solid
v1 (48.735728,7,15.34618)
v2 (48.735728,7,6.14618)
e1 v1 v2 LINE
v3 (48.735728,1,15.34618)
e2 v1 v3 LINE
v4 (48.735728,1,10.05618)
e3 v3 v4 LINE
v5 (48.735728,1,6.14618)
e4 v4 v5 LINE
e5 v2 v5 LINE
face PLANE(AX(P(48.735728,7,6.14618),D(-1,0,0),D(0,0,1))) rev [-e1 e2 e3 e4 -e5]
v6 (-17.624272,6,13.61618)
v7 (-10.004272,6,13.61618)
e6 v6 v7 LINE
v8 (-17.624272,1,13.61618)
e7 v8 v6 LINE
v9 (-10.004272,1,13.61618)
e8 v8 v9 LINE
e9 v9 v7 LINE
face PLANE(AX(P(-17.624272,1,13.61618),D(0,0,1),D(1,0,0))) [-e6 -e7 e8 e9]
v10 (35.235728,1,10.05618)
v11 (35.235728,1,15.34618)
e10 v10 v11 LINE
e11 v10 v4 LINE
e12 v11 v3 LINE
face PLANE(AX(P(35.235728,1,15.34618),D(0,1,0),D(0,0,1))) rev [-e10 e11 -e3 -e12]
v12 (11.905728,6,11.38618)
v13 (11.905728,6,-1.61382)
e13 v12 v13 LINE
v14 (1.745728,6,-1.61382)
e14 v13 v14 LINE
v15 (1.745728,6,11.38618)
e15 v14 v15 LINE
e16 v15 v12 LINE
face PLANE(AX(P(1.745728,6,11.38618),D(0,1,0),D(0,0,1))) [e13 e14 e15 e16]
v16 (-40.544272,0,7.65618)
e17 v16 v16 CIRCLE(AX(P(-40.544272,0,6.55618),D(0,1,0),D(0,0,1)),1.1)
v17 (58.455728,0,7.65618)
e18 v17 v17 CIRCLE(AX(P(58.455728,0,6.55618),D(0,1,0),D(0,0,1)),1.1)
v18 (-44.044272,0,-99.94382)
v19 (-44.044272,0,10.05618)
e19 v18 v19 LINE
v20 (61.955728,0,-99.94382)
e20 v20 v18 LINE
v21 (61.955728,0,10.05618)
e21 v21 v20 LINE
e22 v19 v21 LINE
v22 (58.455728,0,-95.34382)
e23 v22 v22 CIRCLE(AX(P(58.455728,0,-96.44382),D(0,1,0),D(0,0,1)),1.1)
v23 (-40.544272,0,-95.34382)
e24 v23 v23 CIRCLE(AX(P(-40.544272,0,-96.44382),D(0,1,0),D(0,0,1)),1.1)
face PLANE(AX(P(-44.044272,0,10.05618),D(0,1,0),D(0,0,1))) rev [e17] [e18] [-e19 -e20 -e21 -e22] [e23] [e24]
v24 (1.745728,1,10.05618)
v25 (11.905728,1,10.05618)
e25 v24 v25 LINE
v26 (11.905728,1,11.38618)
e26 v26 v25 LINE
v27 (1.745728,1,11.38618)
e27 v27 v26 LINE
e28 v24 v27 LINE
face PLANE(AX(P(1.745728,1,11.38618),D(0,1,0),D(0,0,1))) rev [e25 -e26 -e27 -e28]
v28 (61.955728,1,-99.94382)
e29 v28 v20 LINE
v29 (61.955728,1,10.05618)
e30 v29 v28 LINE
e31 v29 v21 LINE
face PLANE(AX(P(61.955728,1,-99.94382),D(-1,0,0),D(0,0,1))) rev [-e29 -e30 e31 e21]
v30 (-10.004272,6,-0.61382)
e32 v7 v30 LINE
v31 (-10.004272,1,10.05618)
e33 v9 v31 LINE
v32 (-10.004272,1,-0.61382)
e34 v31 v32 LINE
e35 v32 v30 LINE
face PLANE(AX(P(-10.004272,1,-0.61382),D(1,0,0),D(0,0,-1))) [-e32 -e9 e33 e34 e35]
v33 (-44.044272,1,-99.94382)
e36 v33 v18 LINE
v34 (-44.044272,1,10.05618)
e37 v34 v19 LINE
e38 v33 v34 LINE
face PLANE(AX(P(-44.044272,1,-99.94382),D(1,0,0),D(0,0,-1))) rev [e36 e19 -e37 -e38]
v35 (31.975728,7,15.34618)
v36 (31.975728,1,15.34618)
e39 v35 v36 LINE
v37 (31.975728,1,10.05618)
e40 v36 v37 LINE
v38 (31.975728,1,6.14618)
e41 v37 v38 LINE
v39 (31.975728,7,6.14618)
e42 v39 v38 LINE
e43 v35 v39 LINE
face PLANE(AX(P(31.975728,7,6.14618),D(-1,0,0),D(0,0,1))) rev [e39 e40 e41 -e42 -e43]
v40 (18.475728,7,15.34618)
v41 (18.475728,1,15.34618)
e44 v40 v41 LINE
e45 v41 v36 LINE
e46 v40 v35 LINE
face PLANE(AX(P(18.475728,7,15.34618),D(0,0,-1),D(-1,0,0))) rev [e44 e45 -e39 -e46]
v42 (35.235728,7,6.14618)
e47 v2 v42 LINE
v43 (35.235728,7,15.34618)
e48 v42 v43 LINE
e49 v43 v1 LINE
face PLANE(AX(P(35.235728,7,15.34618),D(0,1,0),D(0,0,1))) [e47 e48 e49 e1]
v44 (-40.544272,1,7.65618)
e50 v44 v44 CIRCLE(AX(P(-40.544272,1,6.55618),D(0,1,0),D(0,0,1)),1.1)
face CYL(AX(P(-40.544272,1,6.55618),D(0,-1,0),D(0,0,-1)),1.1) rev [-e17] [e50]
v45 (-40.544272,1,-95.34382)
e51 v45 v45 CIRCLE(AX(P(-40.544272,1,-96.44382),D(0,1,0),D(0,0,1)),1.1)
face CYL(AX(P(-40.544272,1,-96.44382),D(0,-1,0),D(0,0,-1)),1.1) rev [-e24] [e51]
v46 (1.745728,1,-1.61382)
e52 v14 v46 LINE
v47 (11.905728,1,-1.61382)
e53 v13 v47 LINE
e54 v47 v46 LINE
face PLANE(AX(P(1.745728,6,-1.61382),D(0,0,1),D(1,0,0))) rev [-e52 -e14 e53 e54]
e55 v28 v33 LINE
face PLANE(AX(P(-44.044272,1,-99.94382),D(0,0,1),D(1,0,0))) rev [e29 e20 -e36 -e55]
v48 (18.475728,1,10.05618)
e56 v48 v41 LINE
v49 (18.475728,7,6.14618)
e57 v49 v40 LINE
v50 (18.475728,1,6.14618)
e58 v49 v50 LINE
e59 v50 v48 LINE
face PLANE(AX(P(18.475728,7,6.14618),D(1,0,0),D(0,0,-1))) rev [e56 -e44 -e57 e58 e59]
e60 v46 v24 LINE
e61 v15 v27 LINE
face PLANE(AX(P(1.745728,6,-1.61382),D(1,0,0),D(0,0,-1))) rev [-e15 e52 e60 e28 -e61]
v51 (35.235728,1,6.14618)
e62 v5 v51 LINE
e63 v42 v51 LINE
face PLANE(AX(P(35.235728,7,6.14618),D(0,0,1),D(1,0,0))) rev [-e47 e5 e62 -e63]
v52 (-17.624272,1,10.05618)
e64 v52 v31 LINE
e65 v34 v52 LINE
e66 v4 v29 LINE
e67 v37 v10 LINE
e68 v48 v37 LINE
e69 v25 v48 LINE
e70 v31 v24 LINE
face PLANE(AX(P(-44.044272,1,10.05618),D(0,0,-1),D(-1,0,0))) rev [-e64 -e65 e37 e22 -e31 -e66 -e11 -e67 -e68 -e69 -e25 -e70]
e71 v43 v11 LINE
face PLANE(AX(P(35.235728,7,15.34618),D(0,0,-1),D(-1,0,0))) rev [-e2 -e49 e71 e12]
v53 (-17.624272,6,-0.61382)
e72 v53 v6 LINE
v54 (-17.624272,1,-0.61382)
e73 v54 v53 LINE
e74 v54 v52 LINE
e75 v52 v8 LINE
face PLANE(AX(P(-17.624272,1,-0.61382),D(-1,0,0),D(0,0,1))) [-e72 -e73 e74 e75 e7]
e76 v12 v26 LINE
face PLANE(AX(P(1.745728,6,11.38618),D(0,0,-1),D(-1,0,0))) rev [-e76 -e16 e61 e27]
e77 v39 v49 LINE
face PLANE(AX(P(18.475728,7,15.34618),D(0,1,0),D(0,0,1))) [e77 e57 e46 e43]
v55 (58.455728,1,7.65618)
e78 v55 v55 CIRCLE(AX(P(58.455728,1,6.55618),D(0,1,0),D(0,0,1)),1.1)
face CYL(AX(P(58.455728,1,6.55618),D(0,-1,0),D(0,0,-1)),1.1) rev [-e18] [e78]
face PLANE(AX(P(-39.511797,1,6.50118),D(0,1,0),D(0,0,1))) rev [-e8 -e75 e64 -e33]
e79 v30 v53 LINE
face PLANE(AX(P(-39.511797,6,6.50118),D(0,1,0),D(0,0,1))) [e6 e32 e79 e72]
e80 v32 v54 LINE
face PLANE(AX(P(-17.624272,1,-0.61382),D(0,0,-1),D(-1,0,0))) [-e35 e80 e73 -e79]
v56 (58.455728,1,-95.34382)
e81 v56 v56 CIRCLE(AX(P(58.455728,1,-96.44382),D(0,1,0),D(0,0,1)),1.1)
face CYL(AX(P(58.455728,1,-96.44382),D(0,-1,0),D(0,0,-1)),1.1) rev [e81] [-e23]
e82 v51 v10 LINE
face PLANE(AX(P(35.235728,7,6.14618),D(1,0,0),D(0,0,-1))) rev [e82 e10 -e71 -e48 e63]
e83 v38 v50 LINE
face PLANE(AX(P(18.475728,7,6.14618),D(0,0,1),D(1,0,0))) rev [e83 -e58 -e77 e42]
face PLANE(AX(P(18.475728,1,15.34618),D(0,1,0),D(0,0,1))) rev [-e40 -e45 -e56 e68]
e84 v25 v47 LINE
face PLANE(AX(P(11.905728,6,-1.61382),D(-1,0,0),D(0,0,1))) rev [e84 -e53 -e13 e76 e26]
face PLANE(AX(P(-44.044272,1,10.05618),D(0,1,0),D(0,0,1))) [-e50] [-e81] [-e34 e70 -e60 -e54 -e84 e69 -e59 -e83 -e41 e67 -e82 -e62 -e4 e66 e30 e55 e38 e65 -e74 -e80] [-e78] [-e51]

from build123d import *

# Parameters (mm, degrees)
SKETCH1_W           = 106
SKETCH1_H           = 110
SKETCH1_R           = 1.1
BOSS_EXTRUDE1_DEPTH = 1
BOSS_EXTRUDE3_DEPTH = 5
SKETCH3_W           = 10.16
SKETCH3_H           = 13
BOSS_EXTRUDE4_DEPTH = 5
SKETCH4_W           = 13.5
SKETCH4_H           = 9.2
BOSS_EXTRUDE5_DEPTH = 6


with BuildPart() as part:
    # Sketch1 → Boss-Extrude1 (new body)
    with BuildSketch(Plane(origin=(0, 0, 0), x_dir=(1, 0, 0), z_dir=(0, 1, 0))):
        with Locations((8.955727632, 44.943820005)):
            Rectangle(SKETCH1_W, SKETCH1_H)
        with Locations(Location((-40.544272368, -6.556179995, 0), (0, 0, 270))):
            Circle(SKETCH1_R, mode=Mode.SUBTRACT)
        with Locations(Location((58.455727632, -6.556179995, 0), (0, 0, 270))):
            Circle(SKETCH1_R, mode=Mode.SUBTRACT)
        with Locations(Location((-40.544272368, 96.443820005, 0), (0, 0, 270))):
            Circle(SKETCH1_R, mode=Mode.SUBTRACT)
        with Locations(Location((58.455727632, 96.443820005, 0), (0, 0, 270))):
            Circle(SKETCH1_R, mode=Mode.SUBTRACT)
    extrude(amount=BOSS_EXTRUDE1_DEPTH)

    # 3DSketch1 → Boss-Extrude3 (add)
    with BuildSketch(Plane(origin=(-17.624272368, 1, -0.613820005), x_dir=(0.47206668121683765, 0, 0.8815628443196325), z_dir=(0, -1, 0))):
        Polygon((0, 0), (3.597148111, -6.717508874), (16.141787386, 0), (12.544639275, 6.717508874), align=None)
    extrude(amount=-BOSS_EXTRUDE3_DEPTH)

    # Sketch3 → Boss-Extrude4 (add)
    with BuildSketch(Plane(origin=(0, 1, 0), x_dir=(1, 0, 0), z_dir=(0, 1, 0))):
        with Locations((6.825727632, -4.886179995)):
            Rectangle(SKETCH3_W, SKETCH3_H)
    extrude(amount=BOSS_EXTRUDE4_DEPTH)

    # Sketch4 → Boss-Extrude5 (add)
    with BuildSketch(Plane(origin=(0, 1, 0), x_dir=(-1, 0, 0), z_dir=(0, 1, 0))):
        with Locations((-41.985727632, 10.746179995)):
            Rectangle(SKETCH4_W, SKETCH4_H)
        with Locations((-25.225727632, 10.746179995)):
            Rectangle(SKETCH4_W, SKETCH4_H)
    extrude(amount=BOSS_EXTRUDE5_DEPTH)


solid = part.part
